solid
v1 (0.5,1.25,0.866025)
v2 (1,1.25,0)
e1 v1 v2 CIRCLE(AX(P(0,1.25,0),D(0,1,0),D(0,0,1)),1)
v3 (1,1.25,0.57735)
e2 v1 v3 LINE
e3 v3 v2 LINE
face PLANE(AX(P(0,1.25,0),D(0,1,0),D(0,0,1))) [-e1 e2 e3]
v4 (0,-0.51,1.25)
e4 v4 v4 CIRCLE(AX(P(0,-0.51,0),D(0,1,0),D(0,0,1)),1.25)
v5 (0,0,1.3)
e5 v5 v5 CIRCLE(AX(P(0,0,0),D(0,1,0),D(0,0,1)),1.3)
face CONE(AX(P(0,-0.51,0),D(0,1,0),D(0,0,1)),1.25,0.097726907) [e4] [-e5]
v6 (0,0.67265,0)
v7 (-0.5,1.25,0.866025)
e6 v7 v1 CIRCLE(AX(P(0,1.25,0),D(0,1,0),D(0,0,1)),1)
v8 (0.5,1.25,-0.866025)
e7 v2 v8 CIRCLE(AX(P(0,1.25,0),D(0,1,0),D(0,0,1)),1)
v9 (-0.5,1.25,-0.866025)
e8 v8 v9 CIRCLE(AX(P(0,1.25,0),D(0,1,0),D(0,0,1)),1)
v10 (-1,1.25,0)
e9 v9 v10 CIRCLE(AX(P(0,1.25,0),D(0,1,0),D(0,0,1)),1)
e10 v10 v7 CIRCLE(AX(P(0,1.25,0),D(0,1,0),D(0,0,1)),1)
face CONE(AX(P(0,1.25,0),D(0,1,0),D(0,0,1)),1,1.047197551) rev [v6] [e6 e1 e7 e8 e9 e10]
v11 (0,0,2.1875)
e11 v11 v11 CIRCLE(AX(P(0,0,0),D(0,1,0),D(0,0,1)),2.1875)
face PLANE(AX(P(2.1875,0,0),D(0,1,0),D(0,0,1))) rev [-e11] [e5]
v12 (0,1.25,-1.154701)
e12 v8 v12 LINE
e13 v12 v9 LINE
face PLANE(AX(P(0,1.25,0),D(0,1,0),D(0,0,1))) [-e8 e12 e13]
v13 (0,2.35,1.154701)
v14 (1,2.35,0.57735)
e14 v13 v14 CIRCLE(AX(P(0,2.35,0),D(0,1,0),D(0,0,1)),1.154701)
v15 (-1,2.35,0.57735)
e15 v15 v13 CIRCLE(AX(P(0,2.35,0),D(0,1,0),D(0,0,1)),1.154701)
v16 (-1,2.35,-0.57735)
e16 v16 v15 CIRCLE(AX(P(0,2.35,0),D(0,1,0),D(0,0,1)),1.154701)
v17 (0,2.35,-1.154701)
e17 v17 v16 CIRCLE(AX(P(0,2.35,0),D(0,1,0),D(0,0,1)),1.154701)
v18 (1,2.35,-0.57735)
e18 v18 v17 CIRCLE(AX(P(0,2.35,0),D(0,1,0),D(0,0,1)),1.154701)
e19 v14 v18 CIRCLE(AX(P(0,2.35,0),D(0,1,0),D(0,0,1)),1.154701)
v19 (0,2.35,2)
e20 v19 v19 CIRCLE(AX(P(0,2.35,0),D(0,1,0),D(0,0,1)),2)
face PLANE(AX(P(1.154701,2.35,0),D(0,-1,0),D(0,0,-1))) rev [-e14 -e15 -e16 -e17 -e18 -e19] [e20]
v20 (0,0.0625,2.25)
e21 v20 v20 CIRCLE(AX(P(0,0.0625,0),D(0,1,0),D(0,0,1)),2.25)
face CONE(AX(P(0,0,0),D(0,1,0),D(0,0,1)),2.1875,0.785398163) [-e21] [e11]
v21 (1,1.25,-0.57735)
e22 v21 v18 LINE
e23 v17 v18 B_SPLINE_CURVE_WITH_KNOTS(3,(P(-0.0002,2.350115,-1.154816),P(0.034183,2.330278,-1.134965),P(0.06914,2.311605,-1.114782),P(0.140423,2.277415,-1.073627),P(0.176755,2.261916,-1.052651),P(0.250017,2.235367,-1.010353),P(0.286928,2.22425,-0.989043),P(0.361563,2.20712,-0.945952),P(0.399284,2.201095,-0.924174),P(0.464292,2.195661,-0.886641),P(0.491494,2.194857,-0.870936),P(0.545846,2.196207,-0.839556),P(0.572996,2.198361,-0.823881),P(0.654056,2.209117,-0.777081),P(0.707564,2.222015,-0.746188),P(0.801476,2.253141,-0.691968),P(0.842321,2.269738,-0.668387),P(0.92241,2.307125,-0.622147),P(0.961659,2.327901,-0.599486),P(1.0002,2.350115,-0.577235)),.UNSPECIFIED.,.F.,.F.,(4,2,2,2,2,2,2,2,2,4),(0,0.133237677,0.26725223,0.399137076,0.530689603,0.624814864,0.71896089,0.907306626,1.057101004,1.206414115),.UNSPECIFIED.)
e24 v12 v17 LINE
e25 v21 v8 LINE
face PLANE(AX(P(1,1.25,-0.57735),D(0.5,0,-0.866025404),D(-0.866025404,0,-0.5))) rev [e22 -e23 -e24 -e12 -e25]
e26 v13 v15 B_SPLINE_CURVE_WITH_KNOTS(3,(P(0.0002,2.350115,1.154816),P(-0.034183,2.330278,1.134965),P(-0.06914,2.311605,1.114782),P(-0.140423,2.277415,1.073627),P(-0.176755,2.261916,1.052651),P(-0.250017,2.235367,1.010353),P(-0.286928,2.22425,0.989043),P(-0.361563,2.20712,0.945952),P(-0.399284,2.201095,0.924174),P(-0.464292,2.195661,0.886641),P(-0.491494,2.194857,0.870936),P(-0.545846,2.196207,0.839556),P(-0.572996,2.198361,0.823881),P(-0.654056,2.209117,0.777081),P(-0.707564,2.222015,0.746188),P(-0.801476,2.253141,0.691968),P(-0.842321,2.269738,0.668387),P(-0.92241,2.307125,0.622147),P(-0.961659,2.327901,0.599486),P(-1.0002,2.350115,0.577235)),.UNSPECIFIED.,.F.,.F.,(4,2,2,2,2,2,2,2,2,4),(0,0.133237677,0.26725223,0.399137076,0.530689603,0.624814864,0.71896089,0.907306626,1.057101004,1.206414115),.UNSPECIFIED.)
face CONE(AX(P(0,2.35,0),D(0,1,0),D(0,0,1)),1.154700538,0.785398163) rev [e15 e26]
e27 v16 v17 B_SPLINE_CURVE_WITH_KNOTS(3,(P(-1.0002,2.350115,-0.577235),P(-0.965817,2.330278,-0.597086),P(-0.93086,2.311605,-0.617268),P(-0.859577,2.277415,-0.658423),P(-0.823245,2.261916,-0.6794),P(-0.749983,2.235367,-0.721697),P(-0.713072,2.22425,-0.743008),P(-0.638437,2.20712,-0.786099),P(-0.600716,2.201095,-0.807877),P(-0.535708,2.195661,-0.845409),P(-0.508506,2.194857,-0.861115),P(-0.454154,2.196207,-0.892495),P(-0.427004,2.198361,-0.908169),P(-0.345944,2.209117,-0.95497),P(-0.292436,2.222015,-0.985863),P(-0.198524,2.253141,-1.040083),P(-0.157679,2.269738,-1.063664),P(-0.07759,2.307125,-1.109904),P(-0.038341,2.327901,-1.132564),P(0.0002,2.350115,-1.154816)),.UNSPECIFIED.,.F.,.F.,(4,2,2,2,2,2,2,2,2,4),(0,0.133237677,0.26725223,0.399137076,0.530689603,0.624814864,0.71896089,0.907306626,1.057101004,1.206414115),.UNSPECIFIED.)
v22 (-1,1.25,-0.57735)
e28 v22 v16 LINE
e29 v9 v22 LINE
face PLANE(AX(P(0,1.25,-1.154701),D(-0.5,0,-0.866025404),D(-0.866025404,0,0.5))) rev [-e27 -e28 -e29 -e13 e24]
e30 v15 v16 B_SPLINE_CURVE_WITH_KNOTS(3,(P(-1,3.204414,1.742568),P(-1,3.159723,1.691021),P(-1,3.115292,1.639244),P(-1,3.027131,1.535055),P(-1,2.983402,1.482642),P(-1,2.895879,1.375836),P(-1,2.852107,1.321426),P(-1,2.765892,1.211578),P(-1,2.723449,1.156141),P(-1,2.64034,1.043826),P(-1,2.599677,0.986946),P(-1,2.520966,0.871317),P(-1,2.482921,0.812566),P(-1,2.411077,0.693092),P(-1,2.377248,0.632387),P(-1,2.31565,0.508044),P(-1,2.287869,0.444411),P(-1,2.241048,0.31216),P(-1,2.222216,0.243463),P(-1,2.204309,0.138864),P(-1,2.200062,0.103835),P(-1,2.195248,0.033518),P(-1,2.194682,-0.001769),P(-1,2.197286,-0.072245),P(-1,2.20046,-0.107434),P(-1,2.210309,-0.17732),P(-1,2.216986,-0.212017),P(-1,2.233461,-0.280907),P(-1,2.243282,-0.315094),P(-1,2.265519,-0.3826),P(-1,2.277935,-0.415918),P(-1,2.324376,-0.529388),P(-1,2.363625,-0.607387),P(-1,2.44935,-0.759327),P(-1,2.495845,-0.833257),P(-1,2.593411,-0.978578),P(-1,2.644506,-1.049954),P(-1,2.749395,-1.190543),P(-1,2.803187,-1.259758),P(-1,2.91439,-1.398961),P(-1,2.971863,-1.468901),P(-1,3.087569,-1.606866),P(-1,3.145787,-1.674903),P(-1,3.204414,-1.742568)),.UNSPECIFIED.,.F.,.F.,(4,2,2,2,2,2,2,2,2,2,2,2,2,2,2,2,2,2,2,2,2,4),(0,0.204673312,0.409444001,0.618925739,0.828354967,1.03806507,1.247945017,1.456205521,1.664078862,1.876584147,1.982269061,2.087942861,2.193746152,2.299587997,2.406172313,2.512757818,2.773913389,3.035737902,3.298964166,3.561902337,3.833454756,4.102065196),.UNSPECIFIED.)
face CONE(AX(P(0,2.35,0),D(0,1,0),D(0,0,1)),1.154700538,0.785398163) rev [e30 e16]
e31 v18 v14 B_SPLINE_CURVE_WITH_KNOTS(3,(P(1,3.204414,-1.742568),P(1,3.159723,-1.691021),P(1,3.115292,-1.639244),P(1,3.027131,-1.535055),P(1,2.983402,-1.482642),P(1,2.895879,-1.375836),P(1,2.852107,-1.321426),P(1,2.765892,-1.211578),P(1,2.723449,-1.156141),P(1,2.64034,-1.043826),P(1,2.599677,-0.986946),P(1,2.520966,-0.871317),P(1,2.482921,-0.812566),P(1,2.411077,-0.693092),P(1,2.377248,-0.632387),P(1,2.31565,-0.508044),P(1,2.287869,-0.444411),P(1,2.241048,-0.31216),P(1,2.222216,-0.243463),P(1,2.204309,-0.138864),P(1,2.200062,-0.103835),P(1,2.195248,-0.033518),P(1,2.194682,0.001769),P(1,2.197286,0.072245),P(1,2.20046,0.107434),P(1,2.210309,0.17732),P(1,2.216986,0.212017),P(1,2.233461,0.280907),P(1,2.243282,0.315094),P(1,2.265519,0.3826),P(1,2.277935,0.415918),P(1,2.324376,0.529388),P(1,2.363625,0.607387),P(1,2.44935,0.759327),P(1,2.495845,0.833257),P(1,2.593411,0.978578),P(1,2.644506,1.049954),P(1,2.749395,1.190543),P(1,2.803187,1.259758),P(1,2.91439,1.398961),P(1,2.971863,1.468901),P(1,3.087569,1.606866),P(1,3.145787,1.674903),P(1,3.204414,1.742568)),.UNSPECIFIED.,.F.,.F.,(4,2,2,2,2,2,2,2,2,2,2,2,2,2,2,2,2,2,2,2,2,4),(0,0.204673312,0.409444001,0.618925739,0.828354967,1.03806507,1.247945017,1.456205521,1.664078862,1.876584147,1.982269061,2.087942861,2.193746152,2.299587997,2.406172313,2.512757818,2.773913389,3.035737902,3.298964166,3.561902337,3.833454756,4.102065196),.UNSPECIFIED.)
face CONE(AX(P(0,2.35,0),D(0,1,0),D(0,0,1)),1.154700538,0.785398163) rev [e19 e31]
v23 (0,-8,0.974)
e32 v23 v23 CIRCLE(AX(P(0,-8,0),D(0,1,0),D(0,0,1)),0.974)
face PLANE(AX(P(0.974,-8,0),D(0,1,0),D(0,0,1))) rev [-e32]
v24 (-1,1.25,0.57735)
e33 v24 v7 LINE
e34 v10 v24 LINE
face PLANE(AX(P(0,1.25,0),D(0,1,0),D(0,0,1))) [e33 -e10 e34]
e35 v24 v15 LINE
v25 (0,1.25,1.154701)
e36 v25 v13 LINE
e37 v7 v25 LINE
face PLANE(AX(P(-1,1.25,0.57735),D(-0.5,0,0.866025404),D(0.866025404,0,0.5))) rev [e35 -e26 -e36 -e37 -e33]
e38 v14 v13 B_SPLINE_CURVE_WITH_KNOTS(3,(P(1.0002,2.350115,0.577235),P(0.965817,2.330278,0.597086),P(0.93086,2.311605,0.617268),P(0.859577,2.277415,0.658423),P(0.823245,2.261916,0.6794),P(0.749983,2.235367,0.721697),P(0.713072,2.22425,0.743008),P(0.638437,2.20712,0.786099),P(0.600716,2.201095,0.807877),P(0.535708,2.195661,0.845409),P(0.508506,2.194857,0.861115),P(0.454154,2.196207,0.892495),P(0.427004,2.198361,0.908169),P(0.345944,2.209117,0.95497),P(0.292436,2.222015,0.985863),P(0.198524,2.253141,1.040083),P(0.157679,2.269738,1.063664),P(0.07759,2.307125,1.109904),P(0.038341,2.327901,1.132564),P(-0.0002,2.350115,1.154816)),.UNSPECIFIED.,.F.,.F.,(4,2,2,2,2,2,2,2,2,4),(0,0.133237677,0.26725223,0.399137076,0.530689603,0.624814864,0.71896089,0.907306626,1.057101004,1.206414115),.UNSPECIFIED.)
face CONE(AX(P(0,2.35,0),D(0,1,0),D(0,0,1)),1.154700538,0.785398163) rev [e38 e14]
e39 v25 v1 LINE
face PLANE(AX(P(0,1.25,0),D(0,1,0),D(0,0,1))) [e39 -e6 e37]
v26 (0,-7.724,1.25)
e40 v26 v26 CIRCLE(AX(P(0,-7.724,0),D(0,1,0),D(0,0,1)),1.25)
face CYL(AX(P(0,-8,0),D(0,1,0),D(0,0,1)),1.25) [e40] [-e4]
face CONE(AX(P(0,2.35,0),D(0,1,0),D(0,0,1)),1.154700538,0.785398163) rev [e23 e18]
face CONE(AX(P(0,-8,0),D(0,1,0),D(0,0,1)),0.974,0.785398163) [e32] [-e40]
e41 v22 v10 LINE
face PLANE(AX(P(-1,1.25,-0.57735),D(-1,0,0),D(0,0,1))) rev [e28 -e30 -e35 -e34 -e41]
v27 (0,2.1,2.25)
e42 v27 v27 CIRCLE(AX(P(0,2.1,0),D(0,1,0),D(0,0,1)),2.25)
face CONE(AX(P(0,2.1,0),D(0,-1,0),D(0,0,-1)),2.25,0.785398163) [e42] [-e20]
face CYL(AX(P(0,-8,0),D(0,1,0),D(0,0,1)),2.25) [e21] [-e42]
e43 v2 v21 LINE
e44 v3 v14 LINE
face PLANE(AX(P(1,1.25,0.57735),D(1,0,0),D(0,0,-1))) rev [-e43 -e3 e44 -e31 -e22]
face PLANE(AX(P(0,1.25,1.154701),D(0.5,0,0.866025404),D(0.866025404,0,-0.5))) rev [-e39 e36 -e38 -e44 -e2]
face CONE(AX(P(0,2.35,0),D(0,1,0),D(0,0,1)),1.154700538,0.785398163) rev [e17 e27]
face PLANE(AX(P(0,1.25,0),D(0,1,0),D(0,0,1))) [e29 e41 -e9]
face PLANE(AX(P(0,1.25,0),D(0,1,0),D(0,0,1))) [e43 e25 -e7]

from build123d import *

# Parameters (mm, degrees)
CUT_EXTRUDE1_DEPTH = 1.1


with BuildPart() as part:
    # Sketch1 → Revolve1 (revolve)
    with BuildSketch(Plane.XY):
        Polygon((0, 0.672649731), (1, 1.25), (1, 2.195299462), (1.154700538, 2.35), (2, 2.35), (2.25, 2.1), (2.25, 0.0625), (2.1875, 0), (1.3, 0), (1.25, -0.51), (1.25, -7.724), (0.974, -8), (0, -8), align=None)
    revolve(axis=Axis((0, -8, 0), (0, 1, 0)))

    # Sketch2 → Cut-Extrude1 (cut)
    with BuildSketch(Plane(origin=(0, 2.35, 0), x_dir=(1, 0, 0), z_dir=(0, 1, 0))):
        Polygon((-1, -0.577350269), (0, -1.154700538), (1, -0.577350269), (1, 0.577350269), (0, 1.154700538), (-1, 0.577350269), align=None)
    extrude(amount=-CUT_EXTRUDE1_DEPTH, mode=Mode.SUBTRACT)


solid = part.part
